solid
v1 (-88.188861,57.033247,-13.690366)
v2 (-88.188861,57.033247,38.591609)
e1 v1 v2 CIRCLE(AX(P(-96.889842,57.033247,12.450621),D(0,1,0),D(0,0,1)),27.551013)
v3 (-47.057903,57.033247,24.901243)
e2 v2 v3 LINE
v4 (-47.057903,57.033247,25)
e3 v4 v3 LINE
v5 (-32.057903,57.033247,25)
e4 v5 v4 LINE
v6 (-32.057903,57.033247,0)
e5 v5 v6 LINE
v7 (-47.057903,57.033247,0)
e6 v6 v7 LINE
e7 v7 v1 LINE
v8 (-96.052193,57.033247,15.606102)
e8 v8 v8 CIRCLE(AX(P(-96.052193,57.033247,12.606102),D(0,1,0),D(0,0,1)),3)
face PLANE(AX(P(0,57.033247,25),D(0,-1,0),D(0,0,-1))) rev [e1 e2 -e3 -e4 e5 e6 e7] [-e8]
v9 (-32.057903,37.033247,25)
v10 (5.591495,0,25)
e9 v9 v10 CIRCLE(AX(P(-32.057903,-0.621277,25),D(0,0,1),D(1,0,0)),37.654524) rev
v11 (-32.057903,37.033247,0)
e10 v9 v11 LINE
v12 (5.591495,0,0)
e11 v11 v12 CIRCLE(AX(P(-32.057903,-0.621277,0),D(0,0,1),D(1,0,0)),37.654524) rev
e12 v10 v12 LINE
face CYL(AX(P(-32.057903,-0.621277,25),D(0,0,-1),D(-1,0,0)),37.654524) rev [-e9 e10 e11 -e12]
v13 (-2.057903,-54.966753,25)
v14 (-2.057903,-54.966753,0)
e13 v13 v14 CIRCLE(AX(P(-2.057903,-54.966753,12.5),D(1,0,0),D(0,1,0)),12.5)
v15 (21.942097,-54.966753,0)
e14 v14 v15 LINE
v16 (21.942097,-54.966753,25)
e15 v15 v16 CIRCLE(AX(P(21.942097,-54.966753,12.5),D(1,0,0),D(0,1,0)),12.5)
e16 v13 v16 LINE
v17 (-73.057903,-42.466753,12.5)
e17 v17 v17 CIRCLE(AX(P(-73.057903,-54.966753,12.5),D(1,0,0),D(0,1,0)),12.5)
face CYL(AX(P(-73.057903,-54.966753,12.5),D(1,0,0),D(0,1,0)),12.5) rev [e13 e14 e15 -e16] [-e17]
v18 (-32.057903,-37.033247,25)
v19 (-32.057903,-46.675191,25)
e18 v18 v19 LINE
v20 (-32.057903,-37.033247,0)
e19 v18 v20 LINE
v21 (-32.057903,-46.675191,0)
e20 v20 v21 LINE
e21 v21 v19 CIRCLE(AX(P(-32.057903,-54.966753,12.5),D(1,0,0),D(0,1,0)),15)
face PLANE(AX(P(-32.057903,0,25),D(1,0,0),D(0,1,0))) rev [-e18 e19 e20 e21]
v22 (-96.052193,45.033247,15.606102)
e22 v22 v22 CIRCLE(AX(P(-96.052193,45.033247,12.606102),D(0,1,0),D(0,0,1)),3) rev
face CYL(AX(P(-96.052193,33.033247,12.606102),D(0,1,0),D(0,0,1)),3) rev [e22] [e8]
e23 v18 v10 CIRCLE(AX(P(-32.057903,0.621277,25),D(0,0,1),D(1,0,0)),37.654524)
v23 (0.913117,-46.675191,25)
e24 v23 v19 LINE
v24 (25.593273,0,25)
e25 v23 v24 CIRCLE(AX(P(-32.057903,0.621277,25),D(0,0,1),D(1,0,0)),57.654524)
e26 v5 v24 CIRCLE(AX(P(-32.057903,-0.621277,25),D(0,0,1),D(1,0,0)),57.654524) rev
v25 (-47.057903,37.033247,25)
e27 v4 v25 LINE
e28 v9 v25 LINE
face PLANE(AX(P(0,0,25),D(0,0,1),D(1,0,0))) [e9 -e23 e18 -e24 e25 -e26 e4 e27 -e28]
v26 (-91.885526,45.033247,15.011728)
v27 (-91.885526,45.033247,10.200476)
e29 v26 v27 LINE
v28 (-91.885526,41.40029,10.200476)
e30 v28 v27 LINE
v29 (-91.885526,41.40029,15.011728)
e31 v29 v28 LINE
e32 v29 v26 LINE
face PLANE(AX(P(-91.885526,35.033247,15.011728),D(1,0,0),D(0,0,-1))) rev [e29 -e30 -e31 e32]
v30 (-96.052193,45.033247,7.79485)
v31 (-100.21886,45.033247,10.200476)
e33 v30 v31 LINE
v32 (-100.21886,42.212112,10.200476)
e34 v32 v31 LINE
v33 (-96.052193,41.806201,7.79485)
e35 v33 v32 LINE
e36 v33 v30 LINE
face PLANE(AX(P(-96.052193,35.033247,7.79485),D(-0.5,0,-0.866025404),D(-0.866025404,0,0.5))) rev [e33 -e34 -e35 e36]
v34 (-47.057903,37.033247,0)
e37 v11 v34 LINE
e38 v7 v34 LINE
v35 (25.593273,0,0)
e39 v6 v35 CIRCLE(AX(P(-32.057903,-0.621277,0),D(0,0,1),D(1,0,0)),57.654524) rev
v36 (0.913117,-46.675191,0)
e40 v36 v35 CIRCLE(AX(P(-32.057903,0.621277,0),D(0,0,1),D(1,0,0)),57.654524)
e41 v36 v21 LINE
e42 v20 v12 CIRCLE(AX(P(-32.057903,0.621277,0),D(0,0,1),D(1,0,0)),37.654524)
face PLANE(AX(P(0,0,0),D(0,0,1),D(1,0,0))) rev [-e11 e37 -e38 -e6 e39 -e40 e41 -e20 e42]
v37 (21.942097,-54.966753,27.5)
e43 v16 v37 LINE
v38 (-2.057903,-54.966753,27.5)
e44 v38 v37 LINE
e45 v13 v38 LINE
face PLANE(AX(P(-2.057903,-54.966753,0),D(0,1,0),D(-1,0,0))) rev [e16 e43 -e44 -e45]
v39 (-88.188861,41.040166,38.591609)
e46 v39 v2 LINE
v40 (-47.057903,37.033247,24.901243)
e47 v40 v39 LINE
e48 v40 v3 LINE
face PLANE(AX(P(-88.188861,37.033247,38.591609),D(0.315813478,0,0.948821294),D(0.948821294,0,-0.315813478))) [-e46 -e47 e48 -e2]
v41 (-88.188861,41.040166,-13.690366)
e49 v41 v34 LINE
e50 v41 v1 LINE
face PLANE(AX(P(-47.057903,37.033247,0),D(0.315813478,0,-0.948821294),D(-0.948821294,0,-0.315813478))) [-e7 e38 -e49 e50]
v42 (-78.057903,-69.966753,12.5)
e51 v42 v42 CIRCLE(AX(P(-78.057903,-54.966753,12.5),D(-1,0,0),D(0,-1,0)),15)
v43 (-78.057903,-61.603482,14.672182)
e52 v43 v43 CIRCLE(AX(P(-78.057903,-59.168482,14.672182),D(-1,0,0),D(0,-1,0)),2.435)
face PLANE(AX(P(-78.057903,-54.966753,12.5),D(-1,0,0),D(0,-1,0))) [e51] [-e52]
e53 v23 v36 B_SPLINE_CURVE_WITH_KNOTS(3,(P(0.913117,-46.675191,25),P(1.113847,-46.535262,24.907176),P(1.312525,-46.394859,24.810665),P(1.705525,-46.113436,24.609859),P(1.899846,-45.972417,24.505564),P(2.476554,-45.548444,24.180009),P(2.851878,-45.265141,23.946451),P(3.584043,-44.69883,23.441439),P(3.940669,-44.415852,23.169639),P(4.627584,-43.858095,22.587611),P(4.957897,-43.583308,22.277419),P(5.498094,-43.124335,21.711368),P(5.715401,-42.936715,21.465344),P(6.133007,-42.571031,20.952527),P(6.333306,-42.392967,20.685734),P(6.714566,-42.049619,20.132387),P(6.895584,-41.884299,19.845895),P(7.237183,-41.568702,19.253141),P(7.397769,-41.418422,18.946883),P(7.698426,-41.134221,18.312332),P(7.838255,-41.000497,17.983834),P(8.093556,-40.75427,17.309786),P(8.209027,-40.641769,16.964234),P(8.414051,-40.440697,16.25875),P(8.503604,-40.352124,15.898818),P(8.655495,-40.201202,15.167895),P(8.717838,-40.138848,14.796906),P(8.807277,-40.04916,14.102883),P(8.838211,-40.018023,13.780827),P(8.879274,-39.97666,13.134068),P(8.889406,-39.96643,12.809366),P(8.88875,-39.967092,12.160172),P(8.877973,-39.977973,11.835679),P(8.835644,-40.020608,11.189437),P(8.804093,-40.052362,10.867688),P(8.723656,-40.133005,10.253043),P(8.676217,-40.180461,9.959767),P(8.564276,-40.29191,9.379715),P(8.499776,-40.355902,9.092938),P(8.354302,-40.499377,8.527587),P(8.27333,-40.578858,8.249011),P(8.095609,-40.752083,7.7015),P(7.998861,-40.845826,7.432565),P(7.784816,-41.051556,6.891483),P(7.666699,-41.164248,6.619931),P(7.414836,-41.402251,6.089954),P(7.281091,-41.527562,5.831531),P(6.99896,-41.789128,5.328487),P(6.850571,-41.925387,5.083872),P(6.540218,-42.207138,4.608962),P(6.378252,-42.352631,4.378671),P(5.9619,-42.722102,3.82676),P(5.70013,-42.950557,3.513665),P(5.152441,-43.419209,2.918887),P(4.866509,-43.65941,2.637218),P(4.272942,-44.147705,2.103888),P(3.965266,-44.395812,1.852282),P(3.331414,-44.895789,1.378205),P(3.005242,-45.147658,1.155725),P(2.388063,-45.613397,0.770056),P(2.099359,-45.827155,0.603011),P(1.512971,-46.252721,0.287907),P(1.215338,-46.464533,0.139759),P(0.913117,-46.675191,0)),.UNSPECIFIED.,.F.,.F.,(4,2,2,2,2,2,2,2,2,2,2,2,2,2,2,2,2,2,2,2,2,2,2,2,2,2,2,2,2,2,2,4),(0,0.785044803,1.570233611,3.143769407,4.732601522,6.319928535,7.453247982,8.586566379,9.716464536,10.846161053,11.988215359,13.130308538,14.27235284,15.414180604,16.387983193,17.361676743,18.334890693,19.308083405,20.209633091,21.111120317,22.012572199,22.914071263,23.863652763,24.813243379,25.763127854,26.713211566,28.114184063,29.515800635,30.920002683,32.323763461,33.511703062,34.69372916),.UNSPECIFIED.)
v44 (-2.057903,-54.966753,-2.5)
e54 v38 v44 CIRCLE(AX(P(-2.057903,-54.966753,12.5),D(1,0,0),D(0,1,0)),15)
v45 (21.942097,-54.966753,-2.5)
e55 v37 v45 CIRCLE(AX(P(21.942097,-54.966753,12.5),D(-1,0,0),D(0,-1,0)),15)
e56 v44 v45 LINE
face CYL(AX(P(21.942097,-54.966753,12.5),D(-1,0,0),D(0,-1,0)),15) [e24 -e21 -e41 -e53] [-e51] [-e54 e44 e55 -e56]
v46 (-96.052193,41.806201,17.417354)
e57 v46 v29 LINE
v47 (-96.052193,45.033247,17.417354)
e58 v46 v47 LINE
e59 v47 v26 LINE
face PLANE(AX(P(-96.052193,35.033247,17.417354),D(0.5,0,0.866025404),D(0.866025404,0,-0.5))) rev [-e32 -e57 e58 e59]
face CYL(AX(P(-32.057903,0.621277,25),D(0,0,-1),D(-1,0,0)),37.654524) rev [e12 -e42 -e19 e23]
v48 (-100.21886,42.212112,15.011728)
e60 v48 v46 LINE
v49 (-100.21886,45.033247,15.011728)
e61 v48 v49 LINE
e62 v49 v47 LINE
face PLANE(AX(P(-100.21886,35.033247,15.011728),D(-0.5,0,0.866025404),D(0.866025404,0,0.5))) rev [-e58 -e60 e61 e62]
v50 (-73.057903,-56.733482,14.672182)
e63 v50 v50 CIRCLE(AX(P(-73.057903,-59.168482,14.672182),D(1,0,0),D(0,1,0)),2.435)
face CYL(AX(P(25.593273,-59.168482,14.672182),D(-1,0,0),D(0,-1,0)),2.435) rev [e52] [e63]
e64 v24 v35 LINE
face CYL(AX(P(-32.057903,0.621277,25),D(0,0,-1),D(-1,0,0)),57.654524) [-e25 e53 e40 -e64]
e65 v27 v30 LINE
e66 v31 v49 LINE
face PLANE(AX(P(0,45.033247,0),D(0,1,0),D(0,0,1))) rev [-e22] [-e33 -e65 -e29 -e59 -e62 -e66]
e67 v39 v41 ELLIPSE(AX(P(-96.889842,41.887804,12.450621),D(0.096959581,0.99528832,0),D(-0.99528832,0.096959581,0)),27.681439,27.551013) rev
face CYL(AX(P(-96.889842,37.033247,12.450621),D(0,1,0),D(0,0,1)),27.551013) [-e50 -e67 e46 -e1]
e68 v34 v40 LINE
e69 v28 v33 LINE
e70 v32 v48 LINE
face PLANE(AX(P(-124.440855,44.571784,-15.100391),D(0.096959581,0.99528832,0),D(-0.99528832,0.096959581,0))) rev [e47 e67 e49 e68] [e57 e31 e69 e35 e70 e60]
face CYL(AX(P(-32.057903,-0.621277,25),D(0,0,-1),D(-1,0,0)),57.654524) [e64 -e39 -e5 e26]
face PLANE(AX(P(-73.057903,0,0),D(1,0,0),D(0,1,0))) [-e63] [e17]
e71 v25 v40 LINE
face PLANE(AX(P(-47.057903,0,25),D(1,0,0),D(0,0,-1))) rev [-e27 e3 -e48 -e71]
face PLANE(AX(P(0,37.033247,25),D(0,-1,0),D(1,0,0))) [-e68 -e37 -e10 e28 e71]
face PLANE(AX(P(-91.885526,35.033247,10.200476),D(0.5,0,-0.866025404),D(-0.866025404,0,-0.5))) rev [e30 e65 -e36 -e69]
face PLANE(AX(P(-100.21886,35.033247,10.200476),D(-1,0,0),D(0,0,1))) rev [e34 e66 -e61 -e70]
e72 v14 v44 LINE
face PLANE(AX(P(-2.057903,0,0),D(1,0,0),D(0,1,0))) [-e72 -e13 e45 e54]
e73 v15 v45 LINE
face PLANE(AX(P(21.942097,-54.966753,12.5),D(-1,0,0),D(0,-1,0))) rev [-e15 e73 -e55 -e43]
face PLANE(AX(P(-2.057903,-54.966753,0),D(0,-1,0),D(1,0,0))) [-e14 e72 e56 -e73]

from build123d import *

# Parameters (mm, degrees)
BOSS_EXTRUDE2_DEPTH      = 25
BOSS_EXTRUDE4_DEPTH      = 20
BOSS_EXTRUDE5_DEPTH      = 46
BOSS_EXTRUDE5_DEPTH_BACK = 54
SKETCH2_R                = 15
CUT_EXTRUDE1_DEPTH       = 95
SKETCH6_R                = 3
CUT_EXTRUDE2_DEPTH       = 24
CUT_EXTRUDE3_DEPTH       = 149.259919116
CUT_EXTRUDE3_DEPTH_BACK  = 149.259919116
CUT_EXTRUDE5_DEPTH       = 24
SKETCH11_R               = 2.435
CUT_EXTRUDE6_DEPTH       = 132.297538714
CUT_EXTRUDE7_START       = -12
CUT_EXTRUDE7_DEPTH       = 10


with BuildPart() as part:
    # Sketch1 → Boss-Extrude2 (new body)
    with BuildSketch(Plane.XY):
        with BuildLine():
            ThreePointArc((-32.057903297, 37.033246562), (-5.652702459, 26.223247911), (5.591494761, 0))
            ThreePointArc((5.591494761, 0), (-5.652702459, -26.223247911), (-32.057903297, -37.033246562))
            Line((-32.057903297, -37.033246562), (-32.057903297, -57.033246562))
            ThreePointArc((-32.057903297, -57.033246562), (8.489751808, -40.365693604), (25.593272966, 0))
            ThreePointArc((25.593272966, 0), (8.489751808, 40.365693604), (-32.057903297, 57.033246562))
            Line((-32.057903297, 57.033246562), (-47.057903297, 57.033246562))
            Line((-47.057903297, 57.033246562), (-47.057903297, 37.033246562))
            Line((-47.057903297, 37.033246562), (-32.057903297, 37.033246562))
        make_face()
    extrude(amount=BOSS_EXTRUDE2_DEPTH)

    # Sketch3 → Boss-Extrude4 (add)
    with BuildSketch(Plane(origin=(0, 57.033246562, 0), x_dir=(1, 0, 0), z_dir=(0, 1, 0))):
        with BuildLine():
            Line((-47.057903297, -24.901242643), (-47.057903297, 0))
            Line((-47.057903297, 0), (-88.188861039, 13.690366027))
            ThreePointArc((-88.188861039, 13.690366027), (-124.440854646, -12.450621321), (-88.188861039, -38.591608669))
            Line((-88.188861039, -38.591608669), (-47.057903297, -24.901242643))
        make_face()
    extrude(amount=-BOSS_EXTRUDE4_DEPTH)

    # Sketch2 → Boss-Extrude5 (add, two sides: drawn at the far end of the back side and taken through both)
    with BuildSketch(Plane.ZY.offset(32.057903297).offset(-BOSS_EXTRUDE5_DEPTH_BACK)):
        with Locations((12.5, -54.966753438)):
            Circle(SKETCH2_R)
    extrude(amount=BOSS_EXTRUDE5_DEPTH + BOSS_EXTRUDE5_DEPTH_BACK)

    # Sketch5 → Cut-Extrude1 (cut)
    with BuildSketch(Plane(origin=(21.942096703, 0, 0), x_dir=(0, 0, -1), z_dir=(1, 0, 0))):
        with BuildLine():
            ThreePointArc((-25, -54.966753438), (-12.5, -67.466753438), (0, -54.966753438))
            ThreePointArc((0, -54.966753438), (-12.5, -42.466753438), (-25, -54.966753438))
        make_face()
    extrude(amount=-CUT_EXTRUDE1_DEPTH, mode=Mode.SUBTRACT)

    # Sketch6 → Cut-Extrude2 (cut)
    with BuildSketch(Plane(origin=(0, 57.033246562, 0), x_dir=(1, 0, 0), z_dir=(0, 1, 0))):
        with Locations((-96.052193002, -12.606102104)):
            Circle(SKETCH6_R)
    extrude(amount=-CUT_EXTRUDE2_DEPTH, mode=Mode.SUBTRACT)

    # Sketch7 → Cut-Extrude3 (cut, two sides: drawn at the far end of the back side and taken through both)
    with BuildSketch(Plane.XY.offset(-CUT_EXTRUDE3_DEPTH_BACK)):
        Polygon((-124.440854646, 44.571784262), (-47.057903297, 37.033246562), (-124.440854646, 37.033246562), align=None)
    extrude(amount=CUT_EXTRUDE3_DEPTH + CUT_EXTRUDE3_DEPTH_BACK, mode=Mode.SUBTRACT)

    # Sketch5<3> → Cut-Extrude5 (cut)
    with BuildSketch(Plane(origin=(21.942096703, 0, 0), x_dir=(0, 0, -1), z_dir=(1, 0, 0))):
        with BuildLine():
            Line((2.5, -54.966753438), (0, -54.966753438))
            ThreePointArc((0, -54.966753438), (-12.5, -67.466753438), (-25, -54.966753438))
            Line((-25, -54.966753438), (-27.5, -54.966753438))
            ThreePointArc((-27.5, -54.966753438), (-12.5, -69.966753438), (2.5, -54.966753438))
        make_face()
    extrude(amount=-CUT_EXTRUDE5_DEPTH, mode=Mode.SUBTRACT)

    # Sketch11 → Cut-Extrude6 (cut, through all)
    with BuildSketch(Plane.ZY.offset(78.057903297)):
        with Locations((14.672182151, -59.168482213)):
            Circle(SKETCH11_R)
    extrude(amount=-CUT_EXTRUDE6_DEPTH, mode=Mode.SUBTRACT)

    # Sketch13 → Cut-Extrude7 (cut)
    with BuildSketch(Plane(origin=(0, 57.033246562, 0), x_dir=(1, 0, 0), z_dir=(0, 1, 0)).offset(CUT_EXTRUDE7_START)):
        Polygon((-96.052193002, -7.794849861), (-100.218859669, -10.200475983), (-100.218859669, -15.011728226), (-96.052193002, -17.417354348), (-91.885526335, -15.011728226), (-91.885526335, -10.200475983), align=None)
    extrude(amount=-CUT_EXTRUDE7_DEPTH, mode=Mode.SUBTRACT)


solid = part.part
